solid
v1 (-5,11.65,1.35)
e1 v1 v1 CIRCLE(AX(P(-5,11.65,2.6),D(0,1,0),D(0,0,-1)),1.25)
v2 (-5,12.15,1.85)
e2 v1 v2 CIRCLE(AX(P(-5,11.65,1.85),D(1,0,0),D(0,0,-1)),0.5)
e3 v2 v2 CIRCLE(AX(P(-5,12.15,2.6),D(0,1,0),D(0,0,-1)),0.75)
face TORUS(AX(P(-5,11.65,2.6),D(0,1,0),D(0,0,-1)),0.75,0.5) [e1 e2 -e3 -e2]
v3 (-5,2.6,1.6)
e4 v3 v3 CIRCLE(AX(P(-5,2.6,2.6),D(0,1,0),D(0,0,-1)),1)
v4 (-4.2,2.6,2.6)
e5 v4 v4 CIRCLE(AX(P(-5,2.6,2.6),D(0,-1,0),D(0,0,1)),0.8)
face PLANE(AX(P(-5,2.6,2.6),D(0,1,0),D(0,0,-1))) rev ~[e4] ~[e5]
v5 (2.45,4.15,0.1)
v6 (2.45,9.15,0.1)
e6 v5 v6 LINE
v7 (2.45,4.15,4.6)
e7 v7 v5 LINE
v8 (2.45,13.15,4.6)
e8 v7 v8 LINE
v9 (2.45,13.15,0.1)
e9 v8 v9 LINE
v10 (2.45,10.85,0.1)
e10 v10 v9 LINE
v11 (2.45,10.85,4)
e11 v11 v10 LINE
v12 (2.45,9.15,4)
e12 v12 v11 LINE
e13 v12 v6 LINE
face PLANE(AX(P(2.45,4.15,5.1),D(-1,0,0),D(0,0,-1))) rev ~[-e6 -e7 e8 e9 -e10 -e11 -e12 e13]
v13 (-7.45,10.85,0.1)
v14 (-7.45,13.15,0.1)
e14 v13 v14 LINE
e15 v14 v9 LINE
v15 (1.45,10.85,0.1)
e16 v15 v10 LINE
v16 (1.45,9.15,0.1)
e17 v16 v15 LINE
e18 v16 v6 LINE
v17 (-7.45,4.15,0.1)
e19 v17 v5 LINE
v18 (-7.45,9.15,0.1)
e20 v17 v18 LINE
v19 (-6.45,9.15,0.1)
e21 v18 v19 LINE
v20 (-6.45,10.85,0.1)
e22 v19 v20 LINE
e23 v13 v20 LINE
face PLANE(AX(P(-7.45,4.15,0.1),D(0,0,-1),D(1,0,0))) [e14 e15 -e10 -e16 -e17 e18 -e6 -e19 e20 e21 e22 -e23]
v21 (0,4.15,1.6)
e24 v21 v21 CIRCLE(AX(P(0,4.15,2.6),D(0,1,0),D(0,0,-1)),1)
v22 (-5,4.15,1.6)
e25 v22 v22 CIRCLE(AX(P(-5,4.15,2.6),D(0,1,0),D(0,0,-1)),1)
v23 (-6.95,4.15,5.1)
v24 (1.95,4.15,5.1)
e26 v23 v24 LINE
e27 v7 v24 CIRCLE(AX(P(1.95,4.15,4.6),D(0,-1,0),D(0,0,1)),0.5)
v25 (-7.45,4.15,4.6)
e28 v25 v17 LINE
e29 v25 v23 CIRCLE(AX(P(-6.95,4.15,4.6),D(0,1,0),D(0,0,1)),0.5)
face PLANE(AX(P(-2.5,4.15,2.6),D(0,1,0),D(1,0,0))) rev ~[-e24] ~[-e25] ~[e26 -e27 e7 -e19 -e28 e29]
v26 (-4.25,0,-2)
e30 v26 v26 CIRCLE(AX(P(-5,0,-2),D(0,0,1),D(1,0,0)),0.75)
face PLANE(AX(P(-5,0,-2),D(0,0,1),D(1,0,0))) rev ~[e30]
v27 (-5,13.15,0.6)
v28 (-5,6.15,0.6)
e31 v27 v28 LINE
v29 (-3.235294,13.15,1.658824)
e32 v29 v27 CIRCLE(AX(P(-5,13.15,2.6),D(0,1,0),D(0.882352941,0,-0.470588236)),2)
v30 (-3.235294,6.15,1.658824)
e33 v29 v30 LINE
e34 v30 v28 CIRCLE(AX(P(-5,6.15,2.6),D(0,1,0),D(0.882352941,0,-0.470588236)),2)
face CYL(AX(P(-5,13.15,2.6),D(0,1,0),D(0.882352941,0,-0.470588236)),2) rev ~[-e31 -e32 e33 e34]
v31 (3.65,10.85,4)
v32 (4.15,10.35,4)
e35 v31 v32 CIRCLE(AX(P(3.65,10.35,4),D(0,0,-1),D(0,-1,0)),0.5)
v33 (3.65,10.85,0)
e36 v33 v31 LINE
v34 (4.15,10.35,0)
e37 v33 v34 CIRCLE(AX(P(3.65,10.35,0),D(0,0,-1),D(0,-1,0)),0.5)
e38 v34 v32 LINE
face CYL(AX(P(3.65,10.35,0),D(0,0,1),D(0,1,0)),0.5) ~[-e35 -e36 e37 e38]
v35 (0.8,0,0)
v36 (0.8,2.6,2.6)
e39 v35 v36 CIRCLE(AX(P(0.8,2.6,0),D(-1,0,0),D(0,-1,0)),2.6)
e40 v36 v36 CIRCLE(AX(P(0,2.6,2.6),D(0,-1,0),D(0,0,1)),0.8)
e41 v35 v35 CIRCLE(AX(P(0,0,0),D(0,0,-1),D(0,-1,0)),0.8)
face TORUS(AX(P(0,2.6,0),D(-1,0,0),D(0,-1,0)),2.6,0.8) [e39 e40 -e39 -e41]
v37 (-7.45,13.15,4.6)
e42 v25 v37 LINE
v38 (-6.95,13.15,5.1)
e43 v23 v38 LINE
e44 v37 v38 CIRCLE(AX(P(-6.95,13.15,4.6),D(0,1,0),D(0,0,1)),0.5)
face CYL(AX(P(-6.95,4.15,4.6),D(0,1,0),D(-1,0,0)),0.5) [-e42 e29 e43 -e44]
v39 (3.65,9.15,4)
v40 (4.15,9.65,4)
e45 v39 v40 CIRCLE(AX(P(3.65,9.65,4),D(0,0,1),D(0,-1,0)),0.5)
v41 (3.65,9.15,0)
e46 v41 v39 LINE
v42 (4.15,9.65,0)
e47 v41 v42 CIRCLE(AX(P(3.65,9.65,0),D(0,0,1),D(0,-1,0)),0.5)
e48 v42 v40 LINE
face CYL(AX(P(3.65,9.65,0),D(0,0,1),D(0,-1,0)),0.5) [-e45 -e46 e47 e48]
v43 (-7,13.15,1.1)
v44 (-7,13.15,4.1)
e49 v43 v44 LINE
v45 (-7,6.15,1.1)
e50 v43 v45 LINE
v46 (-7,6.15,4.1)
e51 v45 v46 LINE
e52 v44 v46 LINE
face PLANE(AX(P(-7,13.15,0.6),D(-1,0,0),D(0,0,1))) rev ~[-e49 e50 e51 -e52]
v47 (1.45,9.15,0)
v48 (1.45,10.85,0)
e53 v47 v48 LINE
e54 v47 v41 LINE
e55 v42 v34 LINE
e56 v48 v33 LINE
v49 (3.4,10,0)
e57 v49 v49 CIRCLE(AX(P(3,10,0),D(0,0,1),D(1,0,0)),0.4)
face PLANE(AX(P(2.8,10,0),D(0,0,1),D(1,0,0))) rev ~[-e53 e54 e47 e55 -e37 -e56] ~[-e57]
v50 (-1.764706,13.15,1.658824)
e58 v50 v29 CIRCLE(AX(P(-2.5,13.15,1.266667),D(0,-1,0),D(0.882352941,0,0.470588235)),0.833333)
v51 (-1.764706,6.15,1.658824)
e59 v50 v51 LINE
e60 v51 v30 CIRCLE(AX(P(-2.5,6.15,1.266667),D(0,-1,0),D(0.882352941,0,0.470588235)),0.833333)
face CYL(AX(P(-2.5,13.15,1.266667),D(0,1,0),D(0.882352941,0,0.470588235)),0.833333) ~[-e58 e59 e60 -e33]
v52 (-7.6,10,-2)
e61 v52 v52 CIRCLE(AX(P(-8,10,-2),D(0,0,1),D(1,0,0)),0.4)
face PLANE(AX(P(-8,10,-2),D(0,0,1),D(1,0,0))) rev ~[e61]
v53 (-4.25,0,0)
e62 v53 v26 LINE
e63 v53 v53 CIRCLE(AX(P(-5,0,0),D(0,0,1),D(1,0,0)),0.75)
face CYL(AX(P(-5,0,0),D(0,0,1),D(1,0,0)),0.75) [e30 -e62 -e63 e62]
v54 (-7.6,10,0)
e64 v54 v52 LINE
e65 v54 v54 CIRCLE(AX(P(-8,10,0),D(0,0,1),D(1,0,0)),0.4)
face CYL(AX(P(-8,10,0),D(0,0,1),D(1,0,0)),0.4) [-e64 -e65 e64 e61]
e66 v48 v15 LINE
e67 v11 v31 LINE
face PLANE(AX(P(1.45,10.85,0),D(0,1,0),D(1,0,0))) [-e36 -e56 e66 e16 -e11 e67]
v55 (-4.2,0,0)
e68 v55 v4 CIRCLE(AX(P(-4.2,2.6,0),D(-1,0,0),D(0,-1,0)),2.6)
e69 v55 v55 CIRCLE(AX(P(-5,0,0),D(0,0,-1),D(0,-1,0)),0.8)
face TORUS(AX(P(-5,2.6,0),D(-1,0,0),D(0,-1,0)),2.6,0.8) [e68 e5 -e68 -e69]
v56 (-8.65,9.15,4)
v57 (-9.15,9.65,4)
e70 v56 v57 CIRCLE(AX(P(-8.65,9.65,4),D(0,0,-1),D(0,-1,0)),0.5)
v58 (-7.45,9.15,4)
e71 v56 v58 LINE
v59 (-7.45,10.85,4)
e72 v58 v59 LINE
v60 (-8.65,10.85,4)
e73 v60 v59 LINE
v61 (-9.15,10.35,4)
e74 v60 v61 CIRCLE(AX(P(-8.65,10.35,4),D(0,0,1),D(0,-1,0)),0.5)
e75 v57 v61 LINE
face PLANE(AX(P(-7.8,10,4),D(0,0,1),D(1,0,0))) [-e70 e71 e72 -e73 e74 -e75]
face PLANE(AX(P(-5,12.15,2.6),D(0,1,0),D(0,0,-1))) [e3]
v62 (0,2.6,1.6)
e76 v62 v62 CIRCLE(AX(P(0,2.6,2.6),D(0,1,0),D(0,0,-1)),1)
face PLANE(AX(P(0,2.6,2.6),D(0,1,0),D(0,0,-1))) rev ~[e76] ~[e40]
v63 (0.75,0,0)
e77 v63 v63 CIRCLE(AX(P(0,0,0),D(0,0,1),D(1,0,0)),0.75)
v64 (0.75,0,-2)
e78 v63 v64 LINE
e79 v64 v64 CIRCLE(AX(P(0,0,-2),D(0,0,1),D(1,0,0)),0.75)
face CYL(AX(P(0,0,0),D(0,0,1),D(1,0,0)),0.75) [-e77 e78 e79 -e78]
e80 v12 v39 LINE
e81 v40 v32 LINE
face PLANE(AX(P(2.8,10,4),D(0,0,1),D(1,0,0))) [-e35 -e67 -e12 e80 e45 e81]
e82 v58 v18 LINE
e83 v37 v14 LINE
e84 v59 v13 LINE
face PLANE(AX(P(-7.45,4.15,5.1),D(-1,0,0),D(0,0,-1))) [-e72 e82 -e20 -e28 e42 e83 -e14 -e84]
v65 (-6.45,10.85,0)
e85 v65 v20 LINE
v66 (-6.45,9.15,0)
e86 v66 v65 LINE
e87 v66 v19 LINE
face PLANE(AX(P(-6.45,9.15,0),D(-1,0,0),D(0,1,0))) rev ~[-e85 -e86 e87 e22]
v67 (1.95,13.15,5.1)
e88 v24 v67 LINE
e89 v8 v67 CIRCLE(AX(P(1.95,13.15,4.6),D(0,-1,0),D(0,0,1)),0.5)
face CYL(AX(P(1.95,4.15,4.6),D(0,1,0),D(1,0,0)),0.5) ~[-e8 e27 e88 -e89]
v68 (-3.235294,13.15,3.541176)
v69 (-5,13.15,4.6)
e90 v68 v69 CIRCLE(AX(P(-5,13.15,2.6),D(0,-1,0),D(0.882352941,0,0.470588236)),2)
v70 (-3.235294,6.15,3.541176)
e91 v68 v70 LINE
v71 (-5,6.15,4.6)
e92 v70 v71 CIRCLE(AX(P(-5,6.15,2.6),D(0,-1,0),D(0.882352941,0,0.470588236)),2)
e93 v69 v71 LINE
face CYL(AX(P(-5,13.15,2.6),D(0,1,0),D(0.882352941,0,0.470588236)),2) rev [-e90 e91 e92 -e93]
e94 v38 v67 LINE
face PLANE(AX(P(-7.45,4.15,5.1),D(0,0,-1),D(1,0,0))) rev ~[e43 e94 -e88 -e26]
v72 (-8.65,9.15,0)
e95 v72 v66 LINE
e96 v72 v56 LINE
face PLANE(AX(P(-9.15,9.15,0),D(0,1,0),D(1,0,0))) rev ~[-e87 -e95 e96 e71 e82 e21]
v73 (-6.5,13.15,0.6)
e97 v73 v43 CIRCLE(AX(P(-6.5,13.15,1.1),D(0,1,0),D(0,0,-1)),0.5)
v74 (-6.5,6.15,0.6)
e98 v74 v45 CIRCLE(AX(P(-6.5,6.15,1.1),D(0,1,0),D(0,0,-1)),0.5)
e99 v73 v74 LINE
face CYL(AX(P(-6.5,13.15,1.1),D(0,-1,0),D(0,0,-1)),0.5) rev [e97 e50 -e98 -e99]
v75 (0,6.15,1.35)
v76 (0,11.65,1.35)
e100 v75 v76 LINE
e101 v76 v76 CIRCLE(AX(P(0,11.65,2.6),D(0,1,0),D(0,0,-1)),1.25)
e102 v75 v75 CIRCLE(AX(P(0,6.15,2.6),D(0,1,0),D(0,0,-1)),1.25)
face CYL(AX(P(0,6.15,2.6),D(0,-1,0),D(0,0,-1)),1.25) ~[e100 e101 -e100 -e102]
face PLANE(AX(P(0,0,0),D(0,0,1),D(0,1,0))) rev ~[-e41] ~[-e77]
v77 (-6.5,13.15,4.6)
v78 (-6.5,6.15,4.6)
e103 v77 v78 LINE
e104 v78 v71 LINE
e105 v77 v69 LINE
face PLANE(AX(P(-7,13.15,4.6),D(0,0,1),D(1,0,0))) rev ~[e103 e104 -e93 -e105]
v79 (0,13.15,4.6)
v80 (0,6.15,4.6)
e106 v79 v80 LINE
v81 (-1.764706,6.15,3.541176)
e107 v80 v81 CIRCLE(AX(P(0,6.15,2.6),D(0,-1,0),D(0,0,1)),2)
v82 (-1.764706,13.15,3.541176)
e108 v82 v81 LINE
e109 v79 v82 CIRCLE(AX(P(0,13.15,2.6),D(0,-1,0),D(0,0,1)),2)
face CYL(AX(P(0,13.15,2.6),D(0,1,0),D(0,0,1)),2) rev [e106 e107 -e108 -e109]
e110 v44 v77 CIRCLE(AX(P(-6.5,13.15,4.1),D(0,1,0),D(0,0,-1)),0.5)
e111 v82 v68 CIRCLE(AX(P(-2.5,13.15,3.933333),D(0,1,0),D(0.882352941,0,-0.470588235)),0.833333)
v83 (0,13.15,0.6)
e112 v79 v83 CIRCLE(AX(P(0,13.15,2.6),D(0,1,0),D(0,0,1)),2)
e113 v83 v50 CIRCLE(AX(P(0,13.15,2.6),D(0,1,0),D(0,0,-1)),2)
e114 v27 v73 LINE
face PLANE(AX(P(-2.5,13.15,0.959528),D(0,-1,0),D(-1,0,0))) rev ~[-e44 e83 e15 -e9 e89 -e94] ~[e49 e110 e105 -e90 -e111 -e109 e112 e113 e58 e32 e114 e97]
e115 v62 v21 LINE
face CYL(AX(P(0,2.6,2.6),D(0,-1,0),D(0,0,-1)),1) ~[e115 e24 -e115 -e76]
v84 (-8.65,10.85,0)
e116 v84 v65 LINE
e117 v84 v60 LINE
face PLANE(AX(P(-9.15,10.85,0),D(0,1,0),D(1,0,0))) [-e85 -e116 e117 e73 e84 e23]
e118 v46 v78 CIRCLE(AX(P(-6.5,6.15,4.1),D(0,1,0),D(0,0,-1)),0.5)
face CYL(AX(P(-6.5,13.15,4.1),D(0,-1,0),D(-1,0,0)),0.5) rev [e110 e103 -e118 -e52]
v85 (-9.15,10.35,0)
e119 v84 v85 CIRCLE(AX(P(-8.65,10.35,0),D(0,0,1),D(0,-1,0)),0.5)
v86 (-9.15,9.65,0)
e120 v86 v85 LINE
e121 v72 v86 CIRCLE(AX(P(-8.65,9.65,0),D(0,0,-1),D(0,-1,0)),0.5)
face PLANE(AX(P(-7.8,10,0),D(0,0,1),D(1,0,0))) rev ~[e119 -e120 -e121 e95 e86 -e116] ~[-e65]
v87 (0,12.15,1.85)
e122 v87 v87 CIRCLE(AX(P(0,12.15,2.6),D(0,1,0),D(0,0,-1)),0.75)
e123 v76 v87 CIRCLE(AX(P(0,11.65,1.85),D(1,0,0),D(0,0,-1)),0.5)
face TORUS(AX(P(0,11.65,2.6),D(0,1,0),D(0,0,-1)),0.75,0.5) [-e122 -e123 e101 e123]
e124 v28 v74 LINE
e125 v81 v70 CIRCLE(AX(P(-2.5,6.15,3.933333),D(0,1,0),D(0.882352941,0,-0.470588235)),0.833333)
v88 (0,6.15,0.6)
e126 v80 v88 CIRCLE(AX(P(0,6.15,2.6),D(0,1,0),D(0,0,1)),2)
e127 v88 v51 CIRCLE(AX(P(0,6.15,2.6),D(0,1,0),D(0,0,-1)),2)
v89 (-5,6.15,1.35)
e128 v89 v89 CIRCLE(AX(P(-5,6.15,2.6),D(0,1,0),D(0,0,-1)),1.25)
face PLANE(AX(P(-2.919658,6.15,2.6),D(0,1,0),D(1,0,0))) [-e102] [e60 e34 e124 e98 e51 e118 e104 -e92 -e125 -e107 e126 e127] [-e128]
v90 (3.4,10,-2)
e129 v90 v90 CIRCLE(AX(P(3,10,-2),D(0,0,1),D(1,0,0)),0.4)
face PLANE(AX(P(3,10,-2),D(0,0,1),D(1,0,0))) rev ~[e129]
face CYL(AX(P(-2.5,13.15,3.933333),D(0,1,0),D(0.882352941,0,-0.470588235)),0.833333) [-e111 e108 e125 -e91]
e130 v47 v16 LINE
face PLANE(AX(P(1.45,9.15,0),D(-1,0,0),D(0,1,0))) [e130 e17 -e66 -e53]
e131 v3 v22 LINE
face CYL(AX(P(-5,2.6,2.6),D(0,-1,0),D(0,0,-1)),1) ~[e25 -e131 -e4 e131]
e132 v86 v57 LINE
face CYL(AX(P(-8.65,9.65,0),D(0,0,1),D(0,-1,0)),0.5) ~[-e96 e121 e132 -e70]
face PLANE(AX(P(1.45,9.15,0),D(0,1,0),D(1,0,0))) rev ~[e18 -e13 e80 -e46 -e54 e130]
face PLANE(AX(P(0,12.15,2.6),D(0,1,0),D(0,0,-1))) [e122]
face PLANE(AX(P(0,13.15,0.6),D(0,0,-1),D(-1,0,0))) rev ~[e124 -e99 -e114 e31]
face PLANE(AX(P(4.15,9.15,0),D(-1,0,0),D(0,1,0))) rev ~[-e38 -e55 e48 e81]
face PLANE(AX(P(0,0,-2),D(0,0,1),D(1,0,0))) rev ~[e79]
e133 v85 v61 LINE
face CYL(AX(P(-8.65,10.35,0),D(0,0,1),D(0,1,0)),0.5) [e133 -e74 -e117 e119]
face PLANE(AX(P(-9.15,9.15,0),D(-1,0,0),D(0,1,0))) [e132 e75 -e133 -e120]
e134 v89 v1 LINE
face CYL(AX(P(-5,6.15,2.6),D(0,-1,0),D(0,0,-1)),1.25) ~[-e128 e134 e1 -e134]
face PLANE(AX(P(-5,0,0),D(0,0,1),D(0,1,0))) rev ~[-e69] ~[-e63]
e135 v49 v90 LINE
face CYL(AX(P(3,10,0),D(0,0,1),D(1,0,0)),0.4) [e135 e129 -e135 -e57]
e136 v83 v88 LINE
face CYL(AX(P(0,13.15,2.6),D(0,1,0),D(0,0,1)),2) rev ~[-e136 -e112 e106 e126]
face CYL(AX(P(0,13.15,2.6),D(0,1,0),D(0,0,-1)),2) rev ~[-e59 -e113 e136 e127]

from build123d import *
from build123d.topology import SkipClean

# Parameters (mm, degrees)
SKETCH_1_R             = 0.75
EXTRUDE_1_DEPTH        = 2
SKETCH_2_R             = 0.8
SKETCH_4_R             = 1
EXTRUDE_2_DEPTH        = 1.55
SKETCH_5_W             = 9.9
SKETCH_5_H             = 5
EXTRUDE_3_DEPTH        = 9
SKETCH_8_R             = 0.4
EXTRUDE_5_DEPTH        = 2
EXTRUDE_5_2_DEPTH      = 2
SKETCH_9_W             = 2.7
SKETCH_9_H             = 1.7
EXTRUDE_6_DEPTH        = 4
CUT_EXTRUDE_3_DEPTH    = 7
SKETCH_7_R             = 1.25
EXTRUDE_7_DEPTH        = 6
PATTERN_LINEAR_1_COUNT = 2
PATTERN_LINEAR_1_PITCH = 5
EXTRUDE_8_DEPTH        = 7
FILLET_1_R             = 0.5
FILLET_2_R             = 0.5
FILLET_4_R             = 0.5
FILLET_5_R             = 0.5


with BuildPart() as part:
    # ｽｹｯﾁ1 → ﾎﾞｽ - 押し出し1 (new body)
    with BuildSketch(Plane.XY):
        Circle(SKETCH_1_R)
    extrude_1 = extrude(amount=-EXTRUDE_1_DEPTH)

    # ｽｲｰﾌﾟ1: sweep along a path in ｽｹｯﾁ3
    with BuildLine(Plane(origin=(0, 0, 0), x_dir=(0, 0, -1), z_dir=(1, 0, 0))) as sweep_1_path:
        ThreePointArc((0, 0), (-1.838477631, 0.761522369), (-2.6, 2.6))
    # ｽｹｯﾁ2 → ｽｲｰﾌﾟ1 (sweep)
    with BuildSketch(Plane.XY):
        Circle(SKETCH_2_R)
    sweep_1 = sweep(path=sweep_1_path.line)

    # ｽｹｯﾁ4 → ﾎﾞｽ - 押し出し2 (add)
    with BuildSketch(Plane(origin=(0, 2.6, 0), x_dir=(1, 0, 0), z_dir=(0, 1, 0))):
        with Locations(Location((0, -2.6, 0), (0, 0, 90))):
            Circle(SKETCH_4_R)
    extrude_2 = extrude(amount=EXTRUDE_2_DEPTH)

    # ｽｹｯﾁ5 → ﾎﾞｽ - 押し出し3 (add)
    with BuildSketch(Plane(origin=(0, 4.15, 0), x_dir=(1, 0, 0), z_dir=(0, 1, 0))):
        with Locations((-2.5, -2.6)):
            Rectangle(SKETCH_5_W, SKETCH_5_H)
    extrude(amount=EXTRUDE_3_DEPTH)



with BuildPart() as body_2:
    # ｽｹｯﾁ8 → ﾎﾞｽ - 押し出し5 (new body)
    with BuildSketch(Plane.XY):
        with Locations((-8, 10)):
            Circle(SKETCH_8_R)
    extrude(amount=-EXTRUDE_5_DEPTH)


with BuildPart() as body_3:
    # ｽｹｯﾁ8 → Extrude 5 2 (new body)
    with BuildSketch(Plane.XY):
        with Locations((3, 10)):
            Circle(SKETCH_8_R)
    extrude(amount=-EXTRUDE_5_2_DEPTH)


with BuildPart() as part_1:
    add(part.part)

    add(body_2.part)  # ﾎﾞｽ - 押し出し6 merges body 2

    add(body_3.part)  # ﾎﾞｽ - 押し出し6 merges body 3
    # ｽｹｯﾁ9 → ﾎﾞｽ - 押し出し6 (add)
    with BuildSketch(Plane.XY):
        with Locations((-7.8, 10)):
            Rectangle(SKETCH_9_W, SKETCH_9_H)
        with Locations((2.8, 10)):
            Rectangle(SKETCH_9_W, SKETCH_9_H)
    extrude(amount=EXTRUDE_6_DEPTH)

    # ｽｹｯﾁ6 → ｶｯﾄ - 押し出し3 (cut)
    with BuildSketch(Plane(origin=(0, 13.15, 0), x_dir=(1, 0, 0), z_dir=(0, 1, 0))):
        with BuildLine():
            Line((0, -0.6), (-7, -0.6))
            Line((-7, -0.6), (-7, -4.6))
            Line((-7, -4.6), (0, -4.6))
            ThreePointArc((0, -4.6), (2, -2.6), (0, -0.6))
        make_face()
    extrude(amount=-CUT_EXTRUDE_3_DEPTH, mode=Mode.SUBTRACT)

    # ｽｹｯﾁ7 → ﾎﾞｽ - 押し出し7 (add)
    with BuildSketch(Plane(origin=(0, 6.15, 0), x_dir=(1, 0, 0), z_dir=(0, 1, 0))):
        with Locations(Location((0, -2.6, 0), (0, 0, 90))):
            Circle(SKETCH_7_R)
    extrude_7 = extrude(amount=EXTRUDE_7_DEPTH)

    # 直線ﾊﾟﾀｰﾝ1: ﾎﾞｽ - 押し出し1, ｽｲｰﾌﾟ1, ﾎﾞｽ - 押し出し2, ﾎﾞｽ - 押し出し7 ×2
    with Locations(*[(-i * PATTERN_LINEAR_1_PITCH, 0, 0) for i in range(1, PATTERN_LINEAR_1_COUNT)]):
        add(extrude_1)
        add(sweep_1)
        add(extrude_2)
        add(extrude_7)

    # ｽｹｯﾁ10 → ﾎﾞｽ - 押し出し8 (add)
    with BuildSketch(Plane(origin=(0, 13.15, 0), x_dir=(1, 0, 0), z_dir=(0, 1, 0))):
        with BuildLine():
            Line((-5, -0.6), (0, -0.6))
            ThreePointArc((0, -0.6), (-1.028991511, -0.885014149), (-1.764705882, -1.658823529))
            ThreePointArc((-1.764705882, -1.658823529), (-2.5, -2.1), (-3.235294118, -1.658823529))
            ThreePointArc((-3.235294118, -1.658823529), (-3.971008489, -0.885014149), (-5, -0.6))
        make_face()
    extrude_8 = extrude(amount=-EXTRUDE_8_DEPTH)

    # ﾐﾗｰ2: ﾎﾞｽ - 押し出し8 across plane
    with SkipClean():  # the faces are left unmerged after this step: merging them gives an invalid solid
        add(extrude_8.mirror(Plane(origin=(0, 0, 2.6), x_dir=(1, 0, 0), z_dir=(0, 0, -1))))

    # ﾌｨﾚｯﾄ1
    fillet_1_edges = [part_1.edges().sort_by_distance(p)[0] for p in [
        (-9.15, 9.15, 2),
        (-9.15, 10.85, 2),
        (4.15, 10.85, 2),
        (4.15, 9.15, 2),
    ]]
    fillet(fillet_1_edges, radius=FILLET_1_R)

    # ﾌｨﾚｯﾄ2
    fillet_2_edges = [part_1.edges().sort_by_distance(p)[0] for p in [
        (-7.45, 8.65, 5.1),
        (2.45, 8.65, 5.1),
    ]]
    fillet(fillet_2_edges, radius=FILLET_2_R)

    # ﾌｨﾚｯﾄ4
    fillet_4_edges = [part_1.edges().sort_by_distance(p)[0] for p in [
        (-7, 9.65, 4.6),
        (-7, 9.65, 0.6),
    ]]
    fillet(fillet_4_edges, radius=FILLET_4_R)

    # ﾌｨﾚｯﾄ5
    fillet_5_edges = [part_1.edges().sort_by_distance(p)[0] for p in [
        (0, 12.15, 3.85),
        (-5, 12.15, 3.85),
    ]]
    fillet(fillet_5_edges, radius=FILLET_5_R)


solid = part_1.part
